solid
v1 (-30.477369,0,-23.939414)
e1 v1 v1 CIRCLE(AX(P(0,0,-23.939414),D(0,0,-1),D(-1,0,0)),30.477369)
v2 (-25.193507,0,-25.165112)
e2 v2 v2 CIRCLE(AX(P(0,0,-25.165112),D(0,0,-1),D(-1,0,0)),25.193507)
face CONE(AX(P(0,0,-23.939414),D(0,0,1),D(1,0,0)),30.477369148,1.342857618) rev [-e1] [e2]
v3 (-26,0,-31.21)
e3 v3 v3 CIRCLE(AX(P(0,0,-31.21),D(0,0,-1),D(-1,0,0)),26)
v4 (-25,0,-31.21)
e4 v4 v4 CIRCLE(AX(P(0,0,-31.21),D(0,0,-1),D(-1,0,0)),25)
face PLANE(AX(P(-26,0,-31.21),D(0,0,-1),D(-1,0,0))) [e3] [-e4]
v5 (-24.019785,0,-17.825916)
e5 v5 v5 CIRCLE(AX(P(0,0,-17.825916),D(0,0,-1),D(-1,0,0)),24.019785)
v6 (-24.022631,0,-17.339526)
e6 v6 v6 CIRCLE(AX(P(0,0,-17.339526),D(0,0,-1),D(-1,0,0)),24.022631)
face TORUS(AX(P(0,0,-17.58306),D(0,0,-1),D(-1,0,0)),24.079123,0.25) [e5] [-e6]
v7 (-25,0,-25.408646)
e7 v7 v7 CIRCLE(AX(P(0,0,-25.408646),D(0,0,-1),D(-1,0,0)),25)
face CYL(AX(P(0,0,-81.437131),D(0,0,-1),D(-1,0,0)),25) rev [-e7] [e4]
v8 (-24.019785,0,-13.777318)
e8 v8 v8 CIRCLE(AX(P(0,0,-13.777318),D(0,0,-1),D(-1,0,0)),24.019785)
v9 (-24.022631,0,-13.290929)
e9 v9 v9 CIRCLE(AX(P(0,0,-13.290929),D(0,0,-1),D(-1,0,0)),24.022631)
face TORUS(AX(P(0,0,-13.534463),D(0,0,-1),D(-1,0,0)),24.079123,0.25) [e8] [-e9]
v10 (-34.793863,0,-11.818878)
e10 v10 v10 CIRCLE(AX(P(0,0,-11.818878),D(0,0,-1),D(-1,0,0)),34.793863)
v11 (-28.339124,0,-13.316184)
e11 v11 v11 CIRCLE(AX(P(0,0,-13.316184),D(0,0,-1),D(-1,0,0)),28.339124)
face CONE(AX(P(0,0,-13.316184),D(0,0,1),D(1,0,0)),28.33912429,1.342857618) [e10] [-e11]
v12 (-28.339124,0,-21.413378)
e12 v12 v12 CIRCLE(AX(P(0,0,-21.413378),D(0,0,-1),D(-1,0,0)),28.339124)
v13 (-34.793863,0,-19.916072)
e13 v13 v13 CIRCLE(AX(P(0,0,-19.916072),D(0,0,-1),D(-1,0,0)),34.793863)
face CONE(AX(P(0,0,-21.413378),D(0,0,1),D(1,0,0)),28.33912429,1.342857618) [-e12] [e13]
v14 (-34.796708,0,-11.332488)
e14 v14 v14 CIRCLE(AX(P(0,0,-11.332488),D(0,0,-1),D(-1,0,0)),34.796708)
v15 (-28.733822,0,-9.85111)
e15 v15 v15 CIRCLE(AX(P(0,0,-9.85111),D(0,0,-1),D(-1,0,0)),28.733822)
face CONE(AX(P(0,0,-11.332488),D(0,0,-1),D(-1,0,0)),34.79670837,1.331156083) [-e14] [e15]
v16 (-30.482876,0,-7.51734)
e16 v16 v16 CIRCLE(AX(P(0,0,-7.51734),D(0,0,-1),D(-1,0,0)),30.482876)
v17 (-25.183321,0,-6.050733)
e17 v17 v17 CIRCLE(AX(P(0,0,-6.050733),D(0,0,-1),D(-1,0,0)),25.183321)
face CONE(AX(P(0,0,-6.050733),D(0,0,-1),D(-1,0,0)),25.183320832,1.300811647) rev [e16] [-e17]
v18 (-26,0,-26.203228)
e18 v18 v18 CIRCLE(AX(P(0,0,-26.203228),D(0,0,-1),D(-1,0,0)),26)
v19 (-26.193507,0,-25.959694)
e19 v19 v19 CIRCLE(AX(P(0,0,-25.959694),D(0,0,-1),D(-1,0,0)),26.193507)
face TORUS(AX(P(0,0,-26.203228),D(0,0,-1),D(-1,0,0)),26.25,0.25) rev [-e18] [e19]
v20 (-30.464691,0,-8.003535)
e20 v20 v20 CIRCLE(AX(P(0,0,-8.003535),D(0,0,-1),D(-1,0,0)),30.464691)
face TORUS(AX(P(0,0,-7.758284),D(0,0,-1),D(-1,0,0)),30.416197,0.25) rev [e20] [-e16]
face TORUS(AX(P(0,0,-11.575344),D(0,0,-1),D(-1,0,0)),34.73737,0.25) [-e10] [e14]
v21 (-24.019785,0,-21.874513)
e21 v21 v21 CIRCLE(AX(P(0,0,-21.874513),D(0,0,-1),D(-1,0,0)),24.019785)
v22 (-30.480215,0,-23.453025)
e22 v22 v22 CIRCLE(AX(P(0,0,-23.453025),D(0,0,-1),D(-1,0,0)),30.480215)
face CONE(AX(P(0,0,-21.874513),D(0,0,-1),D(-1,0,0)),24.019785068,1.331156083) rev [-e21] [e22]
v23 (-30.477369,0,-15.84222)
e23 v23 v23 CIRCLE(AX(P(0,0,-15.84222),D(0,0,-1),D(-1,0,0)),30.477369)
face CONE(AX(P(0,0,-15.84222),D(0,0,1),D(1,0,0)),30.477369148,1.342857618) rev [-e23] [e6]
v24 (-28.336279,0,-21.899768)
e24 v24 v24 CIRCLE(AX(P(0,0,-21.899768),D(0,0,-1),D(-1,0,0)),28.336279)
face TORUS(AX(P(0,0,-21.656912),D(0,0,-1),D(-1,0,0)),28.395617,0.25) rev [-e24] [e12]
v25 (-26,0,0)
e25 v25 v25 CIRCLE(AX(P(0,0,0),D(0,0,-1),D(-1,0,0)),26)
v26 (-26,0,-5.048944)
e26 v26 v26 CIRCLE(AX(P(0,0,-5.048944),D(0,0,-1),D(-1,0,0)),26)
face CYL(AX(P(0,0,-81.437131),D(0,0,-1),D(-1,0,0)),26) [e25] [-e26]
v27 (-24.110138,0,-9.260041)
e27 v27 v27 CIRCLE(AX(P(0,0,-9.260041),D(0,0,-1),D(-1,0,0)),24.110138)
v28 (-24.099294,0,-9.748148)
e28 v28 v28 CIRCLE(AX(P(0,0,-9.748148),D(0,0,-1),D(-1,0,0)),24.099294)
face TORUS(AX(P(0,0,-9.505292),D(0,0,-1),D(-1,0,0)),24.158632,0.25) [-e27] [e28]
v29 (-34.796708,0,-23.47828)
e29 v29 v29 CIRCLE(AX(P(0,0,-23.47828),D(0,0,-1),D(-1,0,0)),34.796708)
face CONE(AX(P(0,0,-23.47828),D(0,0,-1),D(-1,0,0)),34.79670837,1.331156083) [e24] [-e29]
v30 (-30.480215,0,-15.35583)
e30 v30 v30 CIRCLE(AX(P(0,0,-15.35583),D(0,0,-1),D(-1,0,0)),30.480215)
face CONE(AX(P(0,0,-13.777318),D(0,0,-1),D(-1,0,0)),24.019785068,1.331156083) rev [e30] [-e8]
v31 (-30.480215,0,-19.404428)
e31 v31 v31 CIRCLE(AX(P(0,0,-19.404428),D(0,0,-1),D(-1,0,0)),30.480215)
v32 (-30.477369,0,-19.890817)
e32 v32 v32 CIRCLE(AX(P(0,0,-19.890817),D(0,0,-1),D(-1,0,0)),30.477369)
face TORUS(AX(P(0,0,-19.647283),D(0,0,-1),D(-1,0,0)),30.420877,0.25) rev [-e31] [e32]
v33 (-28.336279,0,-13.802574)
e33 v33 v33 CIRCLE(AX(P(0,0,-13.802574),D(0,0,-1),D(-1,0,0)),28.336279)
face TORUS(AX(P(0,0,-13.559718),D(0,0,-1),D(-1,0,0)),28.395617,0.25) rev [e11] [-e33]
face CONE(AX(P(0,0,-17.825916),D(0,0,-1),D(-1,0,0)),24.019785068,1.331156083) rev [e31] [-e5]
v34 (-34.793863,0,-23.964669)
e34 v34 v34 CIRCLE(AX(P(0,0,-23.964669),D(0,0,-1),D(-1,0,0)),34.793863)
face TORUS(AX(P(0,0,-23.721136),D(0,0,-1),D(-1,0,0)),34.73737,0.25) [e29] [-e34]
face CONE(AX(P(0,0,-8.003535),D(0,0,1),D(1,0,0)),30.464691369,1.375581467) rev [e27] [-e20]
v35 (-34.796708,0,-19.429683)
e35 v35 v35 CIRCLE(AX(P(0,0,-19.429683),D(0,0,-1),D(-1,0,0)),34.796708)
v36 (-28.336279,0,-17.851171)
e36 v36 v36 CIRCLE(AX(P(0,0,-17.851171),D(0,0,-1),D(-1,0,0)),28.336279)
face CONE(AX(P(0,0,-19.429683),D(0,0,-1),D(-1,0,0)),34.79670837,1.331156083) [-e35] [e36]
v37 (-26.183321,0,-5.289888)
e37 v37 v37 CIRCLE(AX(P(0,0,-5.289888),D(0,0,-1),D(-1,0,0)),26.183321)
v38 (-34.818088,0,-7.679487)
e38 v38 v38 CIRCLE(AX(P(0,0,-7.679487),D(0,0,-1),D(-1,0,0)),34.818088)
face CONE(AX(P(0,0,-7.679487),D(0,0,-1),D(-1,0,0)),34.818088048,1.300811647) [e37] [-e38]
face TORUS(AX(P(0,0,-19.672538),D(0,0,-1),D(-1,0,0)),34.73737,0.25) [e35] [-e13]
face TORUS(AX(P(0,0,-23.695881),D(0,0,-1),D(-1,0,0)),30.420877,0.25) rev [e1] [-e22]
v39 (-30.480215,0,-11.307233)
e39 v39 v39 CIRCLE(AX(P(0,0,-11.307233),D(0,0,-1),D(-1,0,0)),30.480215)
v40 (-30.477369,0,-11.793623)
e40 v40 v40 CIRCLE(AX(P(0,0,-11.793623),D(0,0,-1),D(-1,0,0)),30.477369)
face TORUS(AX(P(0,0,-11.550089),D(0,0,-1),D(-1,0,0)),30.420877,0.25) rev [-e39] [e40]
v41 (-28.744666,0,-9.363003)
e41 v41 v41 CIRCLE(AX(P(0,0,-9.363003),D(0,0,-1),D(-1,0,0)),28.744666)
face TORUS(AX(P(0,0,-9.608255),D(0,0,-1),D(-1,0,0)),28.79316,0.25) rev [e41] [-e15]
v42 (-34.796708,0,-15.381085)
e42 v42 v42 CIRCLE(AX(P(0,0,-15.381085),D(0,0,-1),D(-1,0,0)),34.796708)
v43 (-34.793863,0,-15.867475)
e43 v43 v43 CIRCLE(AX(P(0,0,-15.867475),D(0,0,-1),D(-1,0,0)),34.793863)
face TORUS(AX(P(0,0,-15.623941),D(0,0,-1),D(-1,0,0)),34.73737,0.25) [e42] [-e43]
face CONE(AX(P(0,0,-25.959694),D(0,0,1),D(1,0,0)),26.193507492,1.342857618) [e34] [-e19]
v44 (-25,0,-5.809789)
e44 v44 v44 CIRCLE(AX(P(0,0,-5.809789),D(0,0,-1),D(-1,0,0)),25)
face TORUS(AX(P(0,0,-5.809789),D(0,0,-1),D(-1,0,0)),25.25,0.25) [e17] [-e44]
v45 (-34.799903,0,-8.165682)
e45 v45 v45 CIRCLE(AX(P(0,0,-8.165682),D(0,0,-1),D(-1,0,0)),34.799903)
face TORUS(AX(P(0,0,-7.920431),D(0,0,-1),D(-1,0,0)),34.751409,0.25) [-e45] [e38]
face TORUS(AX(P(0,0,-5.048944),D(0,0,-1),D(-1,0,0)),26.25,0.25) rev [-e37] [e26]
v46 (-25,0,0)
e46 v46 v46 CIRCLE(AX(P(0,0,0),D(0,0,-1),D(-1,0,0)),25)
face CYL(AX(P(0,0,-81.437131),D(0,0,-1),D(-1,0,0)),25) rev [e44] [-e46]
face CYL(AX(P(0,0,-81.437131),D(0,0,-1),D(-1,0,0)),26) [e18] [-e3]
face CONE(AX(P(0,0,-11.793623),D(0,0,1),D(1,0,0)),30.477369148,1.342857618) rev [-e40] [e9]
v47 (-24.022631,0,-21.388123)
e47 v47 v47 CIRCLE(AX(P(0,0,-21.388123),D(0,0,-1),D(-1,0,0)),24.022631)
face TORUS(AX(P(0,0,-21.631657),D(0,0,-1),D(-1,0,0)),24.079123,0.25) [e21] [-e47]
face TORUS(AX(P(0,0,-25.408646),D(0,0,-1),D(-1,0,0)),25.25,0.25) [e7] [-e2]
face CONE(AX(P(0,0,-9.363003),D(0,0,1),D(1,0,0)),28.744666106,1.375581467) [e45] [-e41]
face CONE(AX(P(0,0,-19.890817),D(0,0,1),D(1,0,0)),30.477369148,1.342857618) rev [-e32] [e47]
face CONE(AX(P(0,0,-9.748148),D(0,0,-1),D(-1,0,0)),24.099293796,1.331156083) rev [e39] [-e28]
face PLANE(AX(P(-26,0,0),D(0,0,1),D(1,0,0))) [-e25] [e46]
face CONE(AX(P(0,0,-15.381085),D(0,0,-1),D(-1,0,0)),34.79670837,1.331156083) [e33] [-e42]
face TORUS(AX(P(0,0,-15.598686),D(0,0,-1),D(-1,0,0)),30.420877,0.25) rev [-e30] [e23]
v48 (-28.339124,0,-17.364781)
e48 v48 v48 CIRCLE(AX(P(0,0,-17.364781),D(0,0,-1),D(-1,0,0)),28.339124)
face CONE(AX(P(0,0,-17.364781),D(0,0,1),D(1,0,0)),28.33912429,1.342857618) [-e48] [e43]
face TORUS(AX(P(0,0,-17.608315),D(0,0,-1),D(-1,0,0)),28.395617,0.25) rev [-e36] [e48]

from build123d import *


with BuildPart() as part:
    # Sketch1 → Revolve1 (revolve)
    with BuildSketch(Plane(origin=(0, 0, 0), x_dir=(1, 0, 0), z_dir=(0, 1, 0))):
        with BuildLine():
            Line((-25, 31.21), (-25, 25.408645609))
            ThreePointArc((-25, 25.408645609), (-25.054266601, 25.253119288), (-25.193507492, 25.165112046))
            Line((-25.193507492, 25.165112046), (-30.477369148, 23.939414073))
            ThreePointArc((-30.477369148, 23.939414073), (-30.670872362, 23.697343193), (-30.480214932, 23.453024652))
            Line((-30.480214932, 23.453024652), (-24.019785068, 21.874512709))
            ThreePointArc((-24.019785068, 21.874512709), (-23.829127638, 21.630194169), (-24.022630852, 21.388123289))
            Line((-24.022630852, 21.388123289), (-30.477369148, 19.890816932))
            ThreePointArc((-30.477369148, 19.890816932), (-30.670872362, 19.648746052), (-30.480214932, 19.404427512))
            Line((-30.480214932, 19.404427512), (-24.019785068, 17.825915569))
            ThreePointArc((-24.019785068, 17.825915569), (-23.829127638, 17.581597029), (-24.022630852, 17.339526149))
            Line((-24.022630852, 17.339526149), (-30.477369148, 15.842219792))
            ThreePointArc((-30.477369148, 15.842219792), (-30.670872362, 15.600148912), (-30.480214932, 15.355830372))
            Line((-30.480214932, 15.355830372), (-24.019785068, 13.777318428))
            ThreePointArc((-24.019785068, 13.777318428), (-23.829127638, 13.532999888), (-24.022630852, 13.290929008))
            Line((-24.022630852, 13.290929008), (-30.477369148, 11.793622651))
            ThreePointArc((-30.477369148, 11.793622651), (-30.670872362, 11.551551771), (-30.480214932, 11.307233231))
            Line((-30.480214932, 11.307233231), (-24.099293796, 9.748148088))
            ThreePointArc((-24.099293796, 9.748148088), (-23.90869376, 9.499739514), (-24.110137758, 9.260040727))
            Line((-24.110137758, 9.260040727), (-30.464691369, 8.003535417))
            ThreePointArc((-30.464691369, 8.003535417), (-30.666022356, 7.767627964), (-30.482876208, 7.517340168))
            Line((-30.482876208, 7.517340168), (-25.183320832, 6.050732508))
            ThreePointArc((-25.183320832, 6.050732508), (-25.051040466, 5.961166119), (-25, 5.809788763))
            Line((-25, 5.809788763), (-25, 0))
            Line((-25, 0), (-26, 0))
            Line((-26, 0), (-26, 5.048943813))
            ThreePointArc((-26, 5.048943813), (-26.051040466, 5.200321169), (-26.183320832, 5.289887558))
            Line((-26.183320832, 5.289887558), (-34.818088048, 7.679487221))
            ThreePointArc((-34.818088048, 7.679487221), (-35.001234197, 7.929775017), (-34.79990321, 8.16568247))
            Line((-34.79990321, 8.16568247), (-28.744666106, 9.363003012))
            ThreePointArc((-28.744666106, 9.363003012), (-28.543222108, 9.6027018), (-28.733822144, 9.851110373))
            Line((-28.733822144, 9.851110373), (-34.79670837, 11.332488318))
            ThreePointArc((-34.79670837, 11.332488318), (-34.987365799, 11.576806858), (-34.793862586, 11.818877738))
            Line((-34.793862586, 11.818877738), (-28.33912429, 13.316184095))
            ThreePointArc((-28.33912429, 13.316184095), (-28.145621076, 13.558254975), (-28.336278506, 13.802573515))
            Line((-28.336278506, 13.802573515), (-34.79670837, 15.381085458))
            ThreePointArc((-34.79670837, 15.381085458), (-34.987365799, 15.625403999), (-34.793862586, 15.867474879))
            Line((-34.793862586, 15.867474879), (-28.33912429, 17.364781235))
            ThreePointArc((-28.33912429, 17.364781235), (-28.145621076, 17.606852116), (-28.336278506, 17.851170656))
            Line((-28.336278506, 17.851170656), (-34.79670837, 19.429682599))
            ThreePointArc((-34.79670837, 19.429682599), (-34.987365799, 19.674001139), (-34.793862586, 19.916072019))
            Line((-34.793862586, 19.916072019), (-28.33912429, 21.413378376))
            ThreePointArc((-28.33912429, 21.413378376), (-28.145621076, 21.655449256), (-28.336278506, 21.899767796))
            Line((-28.336278506, 21.899767796), (-34.79670837, 23.478279739))
            ThreePointArc((-34.79670837, 23.478279739), (-34.987365799, 23.72259828), (-34.793862586, 23.96466916))
            Line((-34.793862586, 23.96466916), (-26.193507492, 25.959694482))
            ThreePointArc((-26.193507492, 25.959694482), (-26.054266601, 26.047701725), (-26, 26.203228046))
            Line((-26, 26.203228046), (-26, 31.21))
            Line((-26, 31.21), (-25, 31.21))
        make_face()
    revolve(axis=Axis((0, 0, -81.437131039), (0, 0, 1)))


solid = part.part
